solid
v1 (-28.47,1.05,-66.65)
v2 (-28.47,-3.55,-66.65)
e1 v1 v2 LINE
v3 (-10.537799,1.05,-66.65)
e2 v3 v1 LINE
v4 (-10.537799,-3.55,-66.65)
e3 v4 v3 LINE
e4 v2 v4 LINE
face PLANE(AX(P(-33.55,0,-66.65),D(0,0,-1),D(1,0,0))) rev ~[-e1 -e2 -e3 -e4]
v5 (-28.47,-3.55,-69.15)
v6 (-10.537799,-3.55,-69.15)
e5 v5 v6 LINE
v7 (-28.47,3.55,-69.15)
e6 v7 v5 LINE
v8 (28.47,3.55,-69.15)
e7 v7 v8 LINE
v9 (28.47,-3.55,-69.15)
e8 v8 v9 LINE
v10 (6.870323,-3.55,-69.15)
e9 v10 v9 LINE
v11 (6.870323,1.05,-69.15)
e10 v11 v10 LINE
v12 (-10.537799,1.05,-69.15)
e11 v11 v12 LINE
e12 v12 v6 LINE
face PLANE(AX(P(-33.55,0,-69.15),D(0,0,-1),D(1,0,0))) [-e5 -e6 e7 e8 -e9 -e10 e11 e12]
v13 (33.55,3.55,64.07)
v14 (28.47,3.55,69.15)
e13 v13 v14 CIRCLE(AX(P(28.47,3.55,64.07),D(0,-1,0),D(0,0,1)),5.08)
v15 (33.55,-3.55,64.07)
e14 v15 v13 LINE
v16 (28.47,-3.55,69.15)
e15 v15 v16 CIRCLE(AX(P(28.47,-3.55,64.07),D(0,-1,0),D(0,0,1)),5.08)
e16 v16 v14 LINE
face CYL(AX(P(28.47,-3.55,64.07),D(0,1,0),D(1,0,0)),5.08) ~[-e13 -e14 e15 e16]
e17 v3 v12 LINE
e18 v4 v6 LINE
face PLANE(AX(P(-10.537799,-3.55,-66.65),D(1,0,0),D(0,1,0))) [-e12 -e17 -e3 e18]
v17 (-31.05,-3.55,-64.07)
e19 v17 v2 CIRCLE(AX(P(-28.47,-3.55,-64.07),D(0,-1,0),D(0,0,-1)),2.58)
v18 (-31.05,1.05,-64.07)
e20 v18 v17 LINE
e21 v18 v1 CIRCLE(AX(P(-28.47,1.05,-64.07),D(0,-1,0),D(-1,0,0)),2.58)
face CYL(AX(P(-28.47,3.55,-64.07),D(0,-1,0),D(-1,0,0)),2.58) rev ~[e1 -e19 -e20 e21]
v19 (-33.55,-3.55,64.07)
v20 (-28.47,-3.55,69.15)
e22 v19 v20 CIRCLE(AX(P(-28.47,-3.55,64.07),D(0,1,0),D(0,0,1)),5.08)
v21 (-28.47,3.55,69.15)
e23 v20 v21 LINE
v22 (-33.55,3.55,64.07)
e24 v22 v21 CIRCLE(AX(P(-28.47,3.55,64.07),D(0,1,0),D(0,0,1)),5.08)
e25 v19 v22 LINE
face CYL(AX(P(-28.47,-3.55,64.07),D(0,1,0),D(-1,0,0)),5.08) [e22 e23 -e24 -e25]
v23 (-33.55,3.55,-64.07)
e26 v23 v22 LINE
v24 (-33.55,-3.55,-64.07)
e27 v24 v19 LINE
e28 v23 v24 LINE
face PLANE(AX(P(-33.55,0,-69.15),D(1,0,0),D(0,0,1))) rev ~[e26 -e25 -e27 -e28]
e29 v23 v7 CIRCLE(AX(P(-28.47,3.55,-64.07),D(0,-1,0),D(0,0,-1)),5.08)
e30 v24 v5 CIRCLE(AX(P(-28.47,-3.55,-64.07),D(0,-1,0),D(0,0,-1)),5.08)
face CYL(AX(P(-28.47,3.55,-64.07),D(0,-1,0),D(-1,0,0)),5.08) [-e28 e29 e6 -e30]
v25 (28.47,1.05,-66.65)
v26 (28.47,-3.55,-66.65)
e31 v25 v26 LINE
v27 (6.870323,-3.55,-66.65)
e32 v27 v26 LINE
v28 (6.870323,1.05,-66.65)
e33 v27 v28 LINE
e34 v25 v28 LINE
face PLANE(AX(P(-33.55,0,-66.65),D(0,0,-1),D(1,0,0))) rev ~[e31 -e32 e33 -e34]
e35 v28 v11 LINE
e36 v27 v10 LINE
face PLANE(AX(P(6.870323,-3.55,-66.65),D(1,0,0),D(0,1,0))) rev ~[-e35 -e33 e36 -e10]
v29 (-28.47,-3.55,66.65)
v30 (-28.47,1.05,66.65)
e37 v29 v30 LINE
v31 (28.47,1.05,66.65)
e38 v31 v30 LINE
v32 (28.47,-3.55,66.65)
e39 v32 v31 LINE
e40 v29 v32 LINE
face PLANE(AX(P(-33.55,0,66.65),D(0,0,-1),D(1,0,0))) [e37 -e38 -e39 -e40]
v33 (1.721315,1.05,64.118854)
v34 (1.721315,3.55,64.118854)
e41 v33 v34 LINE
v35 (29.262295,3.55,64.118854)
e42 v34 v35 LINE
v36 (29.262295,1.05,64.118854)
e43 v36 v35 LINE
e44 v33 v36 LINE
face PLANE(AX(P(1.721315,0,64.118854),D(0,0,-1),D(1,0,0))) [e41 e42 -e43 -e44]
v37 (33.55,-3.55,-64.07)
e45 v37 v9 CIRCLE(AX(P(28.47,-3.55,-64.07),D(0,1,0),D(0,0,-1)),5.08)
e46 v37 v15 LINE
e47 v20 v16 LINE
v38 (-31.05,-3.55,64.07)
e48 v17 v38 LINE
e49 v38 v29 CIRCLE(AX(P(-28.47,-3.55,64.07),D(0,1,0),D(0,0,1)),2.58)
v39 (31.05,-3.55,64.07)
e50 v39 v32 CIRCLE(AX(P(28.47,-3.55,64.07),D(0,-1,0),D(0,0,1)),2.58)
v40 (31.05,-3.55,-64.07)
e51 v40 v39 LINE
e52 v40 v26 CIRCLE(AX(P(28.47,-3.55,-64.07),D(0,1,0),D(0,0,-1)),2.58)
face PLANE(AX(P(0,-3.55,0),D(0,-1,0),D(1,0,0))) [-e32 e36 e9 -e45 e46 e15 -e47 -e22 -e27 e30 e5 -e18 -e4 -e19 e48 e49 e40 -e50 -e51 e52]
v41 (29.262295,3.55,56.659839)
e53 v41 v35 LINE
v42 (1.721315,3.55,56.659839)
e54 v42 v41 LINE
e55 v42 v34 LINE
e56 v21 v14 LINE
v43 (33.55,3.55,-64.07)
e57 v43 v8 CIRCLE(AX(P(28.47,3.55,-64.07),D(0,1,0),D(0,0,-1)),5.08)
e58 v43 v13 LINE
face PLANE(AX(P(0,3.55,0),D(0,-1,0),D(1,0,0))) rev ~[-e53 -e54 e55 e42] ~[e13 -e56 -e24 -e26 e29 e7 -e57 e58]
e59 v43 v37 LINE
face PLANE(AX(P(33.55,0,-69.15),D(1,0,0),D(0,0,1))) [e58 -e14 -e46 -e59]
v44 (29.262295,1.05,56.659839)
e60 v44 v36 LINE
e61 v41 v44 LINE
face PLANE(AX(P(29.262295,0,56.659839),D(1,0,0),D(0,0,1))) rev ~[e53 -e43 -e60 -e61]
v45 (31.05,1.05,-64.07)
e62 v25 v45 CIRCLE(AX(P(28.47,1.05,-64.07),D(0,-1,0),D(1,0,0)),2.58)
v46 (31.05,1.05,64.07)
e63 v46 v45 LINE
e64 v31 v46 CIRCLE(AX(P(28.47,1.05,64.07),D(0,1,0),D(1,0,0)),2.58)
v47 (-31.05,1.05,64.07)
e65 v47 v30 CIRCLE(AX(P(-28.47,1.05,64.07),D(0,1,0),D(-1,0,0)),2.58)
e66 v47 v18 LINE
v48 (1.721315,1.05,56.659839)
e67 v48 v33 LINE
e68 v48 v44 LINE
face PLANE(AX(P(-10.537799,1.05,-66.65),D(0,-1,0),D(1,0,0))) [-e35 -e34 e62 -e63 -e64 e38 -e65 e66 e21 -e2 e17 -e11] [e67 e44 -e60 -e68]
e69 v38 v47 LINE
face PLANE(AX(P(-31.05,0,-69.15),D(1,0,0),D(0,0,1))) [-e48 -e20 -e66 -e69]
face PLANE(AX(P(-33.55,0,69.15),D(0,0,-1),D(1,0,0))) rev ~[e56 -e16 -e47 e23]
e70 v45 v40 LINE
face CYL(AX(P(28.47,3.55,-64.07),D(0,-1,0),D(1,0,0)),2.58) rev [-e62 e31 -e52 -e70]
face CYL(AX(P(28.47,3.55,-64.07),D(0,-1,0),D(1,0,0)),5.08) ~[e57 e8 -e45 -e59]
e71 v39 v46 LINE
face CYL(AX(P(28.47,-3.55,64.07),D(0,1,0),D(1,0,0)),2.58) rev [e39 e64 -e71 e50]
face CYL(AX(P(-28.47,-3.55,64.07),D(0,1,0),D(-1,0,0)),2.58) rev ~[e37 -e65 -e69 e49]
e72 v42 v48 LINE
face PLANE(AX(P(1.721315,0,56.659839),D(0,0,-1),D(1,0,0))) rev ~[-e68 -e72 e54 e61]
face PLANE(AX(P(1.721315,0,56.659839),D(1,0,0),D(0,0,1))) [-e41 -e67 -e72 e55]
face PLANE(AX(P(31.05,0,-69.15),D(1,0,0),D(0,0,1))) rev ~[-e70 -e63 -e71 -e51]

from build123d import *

# Parameters (mm, degrees)
F0_W     = 67.1
F0_H     = 138.3
F1_DEPTH = 3.55
F2_R     = 5.08
F3_T     = -2.5
F4_W     = 27.54098
F4_H     = 7.459015
F5_DEPTH = 12.5
F6_W     = 17.408122
F6_H     = 4.6
F7_DEPTH = 25


with BuildPart() as f1:
    # F0 (on Front) → F1 (new body, symmetric)
    with BuildSketch(Plane.XZ):
        Rectangle(F0_W, F0_H)
    extrude(amount=F1_DEPTH, both=True)

    # F2
    f2_edges = [f1.edges().sort_by_distance(p)[0] for p in [
        (-33.55, 0, 69.15),
        (-33.55, 0, -69.15),
        (33.55, 0, -69.15),
        (33.55, 0, 69.15),
    ]]
    fillet(f2_edges, radius=F2_R)

    # F3
    f3_openings = [f1.faces().sort_by_distance(p)[0] for p in [
        (0, -3.55, 0),
    ]]
    offset(amount=F3_T, openings=f3_openings)

    # F4 (on Front) → F5 (cut, symmetric)
    with BuildSketch(Plane.XZ):
        with Locations((15.491805, 60.389347)):
            Rectangle(F4_W, F4_H)
    extrude(amount=F5_DEPTH, both=True, mode=Mode.SUBTRACT)

    # F6 (on face) → F7 (cut)
    with BuildSketch(Plane.XY.offset(-66.65)):
        with Locations((-1.833738, -1.25)):
            Rectangle(F6_W, F6_H)
    extrude(amount=-F7_DEPTH, mode=Mode.SUBTRACT)


solid = f1.part
